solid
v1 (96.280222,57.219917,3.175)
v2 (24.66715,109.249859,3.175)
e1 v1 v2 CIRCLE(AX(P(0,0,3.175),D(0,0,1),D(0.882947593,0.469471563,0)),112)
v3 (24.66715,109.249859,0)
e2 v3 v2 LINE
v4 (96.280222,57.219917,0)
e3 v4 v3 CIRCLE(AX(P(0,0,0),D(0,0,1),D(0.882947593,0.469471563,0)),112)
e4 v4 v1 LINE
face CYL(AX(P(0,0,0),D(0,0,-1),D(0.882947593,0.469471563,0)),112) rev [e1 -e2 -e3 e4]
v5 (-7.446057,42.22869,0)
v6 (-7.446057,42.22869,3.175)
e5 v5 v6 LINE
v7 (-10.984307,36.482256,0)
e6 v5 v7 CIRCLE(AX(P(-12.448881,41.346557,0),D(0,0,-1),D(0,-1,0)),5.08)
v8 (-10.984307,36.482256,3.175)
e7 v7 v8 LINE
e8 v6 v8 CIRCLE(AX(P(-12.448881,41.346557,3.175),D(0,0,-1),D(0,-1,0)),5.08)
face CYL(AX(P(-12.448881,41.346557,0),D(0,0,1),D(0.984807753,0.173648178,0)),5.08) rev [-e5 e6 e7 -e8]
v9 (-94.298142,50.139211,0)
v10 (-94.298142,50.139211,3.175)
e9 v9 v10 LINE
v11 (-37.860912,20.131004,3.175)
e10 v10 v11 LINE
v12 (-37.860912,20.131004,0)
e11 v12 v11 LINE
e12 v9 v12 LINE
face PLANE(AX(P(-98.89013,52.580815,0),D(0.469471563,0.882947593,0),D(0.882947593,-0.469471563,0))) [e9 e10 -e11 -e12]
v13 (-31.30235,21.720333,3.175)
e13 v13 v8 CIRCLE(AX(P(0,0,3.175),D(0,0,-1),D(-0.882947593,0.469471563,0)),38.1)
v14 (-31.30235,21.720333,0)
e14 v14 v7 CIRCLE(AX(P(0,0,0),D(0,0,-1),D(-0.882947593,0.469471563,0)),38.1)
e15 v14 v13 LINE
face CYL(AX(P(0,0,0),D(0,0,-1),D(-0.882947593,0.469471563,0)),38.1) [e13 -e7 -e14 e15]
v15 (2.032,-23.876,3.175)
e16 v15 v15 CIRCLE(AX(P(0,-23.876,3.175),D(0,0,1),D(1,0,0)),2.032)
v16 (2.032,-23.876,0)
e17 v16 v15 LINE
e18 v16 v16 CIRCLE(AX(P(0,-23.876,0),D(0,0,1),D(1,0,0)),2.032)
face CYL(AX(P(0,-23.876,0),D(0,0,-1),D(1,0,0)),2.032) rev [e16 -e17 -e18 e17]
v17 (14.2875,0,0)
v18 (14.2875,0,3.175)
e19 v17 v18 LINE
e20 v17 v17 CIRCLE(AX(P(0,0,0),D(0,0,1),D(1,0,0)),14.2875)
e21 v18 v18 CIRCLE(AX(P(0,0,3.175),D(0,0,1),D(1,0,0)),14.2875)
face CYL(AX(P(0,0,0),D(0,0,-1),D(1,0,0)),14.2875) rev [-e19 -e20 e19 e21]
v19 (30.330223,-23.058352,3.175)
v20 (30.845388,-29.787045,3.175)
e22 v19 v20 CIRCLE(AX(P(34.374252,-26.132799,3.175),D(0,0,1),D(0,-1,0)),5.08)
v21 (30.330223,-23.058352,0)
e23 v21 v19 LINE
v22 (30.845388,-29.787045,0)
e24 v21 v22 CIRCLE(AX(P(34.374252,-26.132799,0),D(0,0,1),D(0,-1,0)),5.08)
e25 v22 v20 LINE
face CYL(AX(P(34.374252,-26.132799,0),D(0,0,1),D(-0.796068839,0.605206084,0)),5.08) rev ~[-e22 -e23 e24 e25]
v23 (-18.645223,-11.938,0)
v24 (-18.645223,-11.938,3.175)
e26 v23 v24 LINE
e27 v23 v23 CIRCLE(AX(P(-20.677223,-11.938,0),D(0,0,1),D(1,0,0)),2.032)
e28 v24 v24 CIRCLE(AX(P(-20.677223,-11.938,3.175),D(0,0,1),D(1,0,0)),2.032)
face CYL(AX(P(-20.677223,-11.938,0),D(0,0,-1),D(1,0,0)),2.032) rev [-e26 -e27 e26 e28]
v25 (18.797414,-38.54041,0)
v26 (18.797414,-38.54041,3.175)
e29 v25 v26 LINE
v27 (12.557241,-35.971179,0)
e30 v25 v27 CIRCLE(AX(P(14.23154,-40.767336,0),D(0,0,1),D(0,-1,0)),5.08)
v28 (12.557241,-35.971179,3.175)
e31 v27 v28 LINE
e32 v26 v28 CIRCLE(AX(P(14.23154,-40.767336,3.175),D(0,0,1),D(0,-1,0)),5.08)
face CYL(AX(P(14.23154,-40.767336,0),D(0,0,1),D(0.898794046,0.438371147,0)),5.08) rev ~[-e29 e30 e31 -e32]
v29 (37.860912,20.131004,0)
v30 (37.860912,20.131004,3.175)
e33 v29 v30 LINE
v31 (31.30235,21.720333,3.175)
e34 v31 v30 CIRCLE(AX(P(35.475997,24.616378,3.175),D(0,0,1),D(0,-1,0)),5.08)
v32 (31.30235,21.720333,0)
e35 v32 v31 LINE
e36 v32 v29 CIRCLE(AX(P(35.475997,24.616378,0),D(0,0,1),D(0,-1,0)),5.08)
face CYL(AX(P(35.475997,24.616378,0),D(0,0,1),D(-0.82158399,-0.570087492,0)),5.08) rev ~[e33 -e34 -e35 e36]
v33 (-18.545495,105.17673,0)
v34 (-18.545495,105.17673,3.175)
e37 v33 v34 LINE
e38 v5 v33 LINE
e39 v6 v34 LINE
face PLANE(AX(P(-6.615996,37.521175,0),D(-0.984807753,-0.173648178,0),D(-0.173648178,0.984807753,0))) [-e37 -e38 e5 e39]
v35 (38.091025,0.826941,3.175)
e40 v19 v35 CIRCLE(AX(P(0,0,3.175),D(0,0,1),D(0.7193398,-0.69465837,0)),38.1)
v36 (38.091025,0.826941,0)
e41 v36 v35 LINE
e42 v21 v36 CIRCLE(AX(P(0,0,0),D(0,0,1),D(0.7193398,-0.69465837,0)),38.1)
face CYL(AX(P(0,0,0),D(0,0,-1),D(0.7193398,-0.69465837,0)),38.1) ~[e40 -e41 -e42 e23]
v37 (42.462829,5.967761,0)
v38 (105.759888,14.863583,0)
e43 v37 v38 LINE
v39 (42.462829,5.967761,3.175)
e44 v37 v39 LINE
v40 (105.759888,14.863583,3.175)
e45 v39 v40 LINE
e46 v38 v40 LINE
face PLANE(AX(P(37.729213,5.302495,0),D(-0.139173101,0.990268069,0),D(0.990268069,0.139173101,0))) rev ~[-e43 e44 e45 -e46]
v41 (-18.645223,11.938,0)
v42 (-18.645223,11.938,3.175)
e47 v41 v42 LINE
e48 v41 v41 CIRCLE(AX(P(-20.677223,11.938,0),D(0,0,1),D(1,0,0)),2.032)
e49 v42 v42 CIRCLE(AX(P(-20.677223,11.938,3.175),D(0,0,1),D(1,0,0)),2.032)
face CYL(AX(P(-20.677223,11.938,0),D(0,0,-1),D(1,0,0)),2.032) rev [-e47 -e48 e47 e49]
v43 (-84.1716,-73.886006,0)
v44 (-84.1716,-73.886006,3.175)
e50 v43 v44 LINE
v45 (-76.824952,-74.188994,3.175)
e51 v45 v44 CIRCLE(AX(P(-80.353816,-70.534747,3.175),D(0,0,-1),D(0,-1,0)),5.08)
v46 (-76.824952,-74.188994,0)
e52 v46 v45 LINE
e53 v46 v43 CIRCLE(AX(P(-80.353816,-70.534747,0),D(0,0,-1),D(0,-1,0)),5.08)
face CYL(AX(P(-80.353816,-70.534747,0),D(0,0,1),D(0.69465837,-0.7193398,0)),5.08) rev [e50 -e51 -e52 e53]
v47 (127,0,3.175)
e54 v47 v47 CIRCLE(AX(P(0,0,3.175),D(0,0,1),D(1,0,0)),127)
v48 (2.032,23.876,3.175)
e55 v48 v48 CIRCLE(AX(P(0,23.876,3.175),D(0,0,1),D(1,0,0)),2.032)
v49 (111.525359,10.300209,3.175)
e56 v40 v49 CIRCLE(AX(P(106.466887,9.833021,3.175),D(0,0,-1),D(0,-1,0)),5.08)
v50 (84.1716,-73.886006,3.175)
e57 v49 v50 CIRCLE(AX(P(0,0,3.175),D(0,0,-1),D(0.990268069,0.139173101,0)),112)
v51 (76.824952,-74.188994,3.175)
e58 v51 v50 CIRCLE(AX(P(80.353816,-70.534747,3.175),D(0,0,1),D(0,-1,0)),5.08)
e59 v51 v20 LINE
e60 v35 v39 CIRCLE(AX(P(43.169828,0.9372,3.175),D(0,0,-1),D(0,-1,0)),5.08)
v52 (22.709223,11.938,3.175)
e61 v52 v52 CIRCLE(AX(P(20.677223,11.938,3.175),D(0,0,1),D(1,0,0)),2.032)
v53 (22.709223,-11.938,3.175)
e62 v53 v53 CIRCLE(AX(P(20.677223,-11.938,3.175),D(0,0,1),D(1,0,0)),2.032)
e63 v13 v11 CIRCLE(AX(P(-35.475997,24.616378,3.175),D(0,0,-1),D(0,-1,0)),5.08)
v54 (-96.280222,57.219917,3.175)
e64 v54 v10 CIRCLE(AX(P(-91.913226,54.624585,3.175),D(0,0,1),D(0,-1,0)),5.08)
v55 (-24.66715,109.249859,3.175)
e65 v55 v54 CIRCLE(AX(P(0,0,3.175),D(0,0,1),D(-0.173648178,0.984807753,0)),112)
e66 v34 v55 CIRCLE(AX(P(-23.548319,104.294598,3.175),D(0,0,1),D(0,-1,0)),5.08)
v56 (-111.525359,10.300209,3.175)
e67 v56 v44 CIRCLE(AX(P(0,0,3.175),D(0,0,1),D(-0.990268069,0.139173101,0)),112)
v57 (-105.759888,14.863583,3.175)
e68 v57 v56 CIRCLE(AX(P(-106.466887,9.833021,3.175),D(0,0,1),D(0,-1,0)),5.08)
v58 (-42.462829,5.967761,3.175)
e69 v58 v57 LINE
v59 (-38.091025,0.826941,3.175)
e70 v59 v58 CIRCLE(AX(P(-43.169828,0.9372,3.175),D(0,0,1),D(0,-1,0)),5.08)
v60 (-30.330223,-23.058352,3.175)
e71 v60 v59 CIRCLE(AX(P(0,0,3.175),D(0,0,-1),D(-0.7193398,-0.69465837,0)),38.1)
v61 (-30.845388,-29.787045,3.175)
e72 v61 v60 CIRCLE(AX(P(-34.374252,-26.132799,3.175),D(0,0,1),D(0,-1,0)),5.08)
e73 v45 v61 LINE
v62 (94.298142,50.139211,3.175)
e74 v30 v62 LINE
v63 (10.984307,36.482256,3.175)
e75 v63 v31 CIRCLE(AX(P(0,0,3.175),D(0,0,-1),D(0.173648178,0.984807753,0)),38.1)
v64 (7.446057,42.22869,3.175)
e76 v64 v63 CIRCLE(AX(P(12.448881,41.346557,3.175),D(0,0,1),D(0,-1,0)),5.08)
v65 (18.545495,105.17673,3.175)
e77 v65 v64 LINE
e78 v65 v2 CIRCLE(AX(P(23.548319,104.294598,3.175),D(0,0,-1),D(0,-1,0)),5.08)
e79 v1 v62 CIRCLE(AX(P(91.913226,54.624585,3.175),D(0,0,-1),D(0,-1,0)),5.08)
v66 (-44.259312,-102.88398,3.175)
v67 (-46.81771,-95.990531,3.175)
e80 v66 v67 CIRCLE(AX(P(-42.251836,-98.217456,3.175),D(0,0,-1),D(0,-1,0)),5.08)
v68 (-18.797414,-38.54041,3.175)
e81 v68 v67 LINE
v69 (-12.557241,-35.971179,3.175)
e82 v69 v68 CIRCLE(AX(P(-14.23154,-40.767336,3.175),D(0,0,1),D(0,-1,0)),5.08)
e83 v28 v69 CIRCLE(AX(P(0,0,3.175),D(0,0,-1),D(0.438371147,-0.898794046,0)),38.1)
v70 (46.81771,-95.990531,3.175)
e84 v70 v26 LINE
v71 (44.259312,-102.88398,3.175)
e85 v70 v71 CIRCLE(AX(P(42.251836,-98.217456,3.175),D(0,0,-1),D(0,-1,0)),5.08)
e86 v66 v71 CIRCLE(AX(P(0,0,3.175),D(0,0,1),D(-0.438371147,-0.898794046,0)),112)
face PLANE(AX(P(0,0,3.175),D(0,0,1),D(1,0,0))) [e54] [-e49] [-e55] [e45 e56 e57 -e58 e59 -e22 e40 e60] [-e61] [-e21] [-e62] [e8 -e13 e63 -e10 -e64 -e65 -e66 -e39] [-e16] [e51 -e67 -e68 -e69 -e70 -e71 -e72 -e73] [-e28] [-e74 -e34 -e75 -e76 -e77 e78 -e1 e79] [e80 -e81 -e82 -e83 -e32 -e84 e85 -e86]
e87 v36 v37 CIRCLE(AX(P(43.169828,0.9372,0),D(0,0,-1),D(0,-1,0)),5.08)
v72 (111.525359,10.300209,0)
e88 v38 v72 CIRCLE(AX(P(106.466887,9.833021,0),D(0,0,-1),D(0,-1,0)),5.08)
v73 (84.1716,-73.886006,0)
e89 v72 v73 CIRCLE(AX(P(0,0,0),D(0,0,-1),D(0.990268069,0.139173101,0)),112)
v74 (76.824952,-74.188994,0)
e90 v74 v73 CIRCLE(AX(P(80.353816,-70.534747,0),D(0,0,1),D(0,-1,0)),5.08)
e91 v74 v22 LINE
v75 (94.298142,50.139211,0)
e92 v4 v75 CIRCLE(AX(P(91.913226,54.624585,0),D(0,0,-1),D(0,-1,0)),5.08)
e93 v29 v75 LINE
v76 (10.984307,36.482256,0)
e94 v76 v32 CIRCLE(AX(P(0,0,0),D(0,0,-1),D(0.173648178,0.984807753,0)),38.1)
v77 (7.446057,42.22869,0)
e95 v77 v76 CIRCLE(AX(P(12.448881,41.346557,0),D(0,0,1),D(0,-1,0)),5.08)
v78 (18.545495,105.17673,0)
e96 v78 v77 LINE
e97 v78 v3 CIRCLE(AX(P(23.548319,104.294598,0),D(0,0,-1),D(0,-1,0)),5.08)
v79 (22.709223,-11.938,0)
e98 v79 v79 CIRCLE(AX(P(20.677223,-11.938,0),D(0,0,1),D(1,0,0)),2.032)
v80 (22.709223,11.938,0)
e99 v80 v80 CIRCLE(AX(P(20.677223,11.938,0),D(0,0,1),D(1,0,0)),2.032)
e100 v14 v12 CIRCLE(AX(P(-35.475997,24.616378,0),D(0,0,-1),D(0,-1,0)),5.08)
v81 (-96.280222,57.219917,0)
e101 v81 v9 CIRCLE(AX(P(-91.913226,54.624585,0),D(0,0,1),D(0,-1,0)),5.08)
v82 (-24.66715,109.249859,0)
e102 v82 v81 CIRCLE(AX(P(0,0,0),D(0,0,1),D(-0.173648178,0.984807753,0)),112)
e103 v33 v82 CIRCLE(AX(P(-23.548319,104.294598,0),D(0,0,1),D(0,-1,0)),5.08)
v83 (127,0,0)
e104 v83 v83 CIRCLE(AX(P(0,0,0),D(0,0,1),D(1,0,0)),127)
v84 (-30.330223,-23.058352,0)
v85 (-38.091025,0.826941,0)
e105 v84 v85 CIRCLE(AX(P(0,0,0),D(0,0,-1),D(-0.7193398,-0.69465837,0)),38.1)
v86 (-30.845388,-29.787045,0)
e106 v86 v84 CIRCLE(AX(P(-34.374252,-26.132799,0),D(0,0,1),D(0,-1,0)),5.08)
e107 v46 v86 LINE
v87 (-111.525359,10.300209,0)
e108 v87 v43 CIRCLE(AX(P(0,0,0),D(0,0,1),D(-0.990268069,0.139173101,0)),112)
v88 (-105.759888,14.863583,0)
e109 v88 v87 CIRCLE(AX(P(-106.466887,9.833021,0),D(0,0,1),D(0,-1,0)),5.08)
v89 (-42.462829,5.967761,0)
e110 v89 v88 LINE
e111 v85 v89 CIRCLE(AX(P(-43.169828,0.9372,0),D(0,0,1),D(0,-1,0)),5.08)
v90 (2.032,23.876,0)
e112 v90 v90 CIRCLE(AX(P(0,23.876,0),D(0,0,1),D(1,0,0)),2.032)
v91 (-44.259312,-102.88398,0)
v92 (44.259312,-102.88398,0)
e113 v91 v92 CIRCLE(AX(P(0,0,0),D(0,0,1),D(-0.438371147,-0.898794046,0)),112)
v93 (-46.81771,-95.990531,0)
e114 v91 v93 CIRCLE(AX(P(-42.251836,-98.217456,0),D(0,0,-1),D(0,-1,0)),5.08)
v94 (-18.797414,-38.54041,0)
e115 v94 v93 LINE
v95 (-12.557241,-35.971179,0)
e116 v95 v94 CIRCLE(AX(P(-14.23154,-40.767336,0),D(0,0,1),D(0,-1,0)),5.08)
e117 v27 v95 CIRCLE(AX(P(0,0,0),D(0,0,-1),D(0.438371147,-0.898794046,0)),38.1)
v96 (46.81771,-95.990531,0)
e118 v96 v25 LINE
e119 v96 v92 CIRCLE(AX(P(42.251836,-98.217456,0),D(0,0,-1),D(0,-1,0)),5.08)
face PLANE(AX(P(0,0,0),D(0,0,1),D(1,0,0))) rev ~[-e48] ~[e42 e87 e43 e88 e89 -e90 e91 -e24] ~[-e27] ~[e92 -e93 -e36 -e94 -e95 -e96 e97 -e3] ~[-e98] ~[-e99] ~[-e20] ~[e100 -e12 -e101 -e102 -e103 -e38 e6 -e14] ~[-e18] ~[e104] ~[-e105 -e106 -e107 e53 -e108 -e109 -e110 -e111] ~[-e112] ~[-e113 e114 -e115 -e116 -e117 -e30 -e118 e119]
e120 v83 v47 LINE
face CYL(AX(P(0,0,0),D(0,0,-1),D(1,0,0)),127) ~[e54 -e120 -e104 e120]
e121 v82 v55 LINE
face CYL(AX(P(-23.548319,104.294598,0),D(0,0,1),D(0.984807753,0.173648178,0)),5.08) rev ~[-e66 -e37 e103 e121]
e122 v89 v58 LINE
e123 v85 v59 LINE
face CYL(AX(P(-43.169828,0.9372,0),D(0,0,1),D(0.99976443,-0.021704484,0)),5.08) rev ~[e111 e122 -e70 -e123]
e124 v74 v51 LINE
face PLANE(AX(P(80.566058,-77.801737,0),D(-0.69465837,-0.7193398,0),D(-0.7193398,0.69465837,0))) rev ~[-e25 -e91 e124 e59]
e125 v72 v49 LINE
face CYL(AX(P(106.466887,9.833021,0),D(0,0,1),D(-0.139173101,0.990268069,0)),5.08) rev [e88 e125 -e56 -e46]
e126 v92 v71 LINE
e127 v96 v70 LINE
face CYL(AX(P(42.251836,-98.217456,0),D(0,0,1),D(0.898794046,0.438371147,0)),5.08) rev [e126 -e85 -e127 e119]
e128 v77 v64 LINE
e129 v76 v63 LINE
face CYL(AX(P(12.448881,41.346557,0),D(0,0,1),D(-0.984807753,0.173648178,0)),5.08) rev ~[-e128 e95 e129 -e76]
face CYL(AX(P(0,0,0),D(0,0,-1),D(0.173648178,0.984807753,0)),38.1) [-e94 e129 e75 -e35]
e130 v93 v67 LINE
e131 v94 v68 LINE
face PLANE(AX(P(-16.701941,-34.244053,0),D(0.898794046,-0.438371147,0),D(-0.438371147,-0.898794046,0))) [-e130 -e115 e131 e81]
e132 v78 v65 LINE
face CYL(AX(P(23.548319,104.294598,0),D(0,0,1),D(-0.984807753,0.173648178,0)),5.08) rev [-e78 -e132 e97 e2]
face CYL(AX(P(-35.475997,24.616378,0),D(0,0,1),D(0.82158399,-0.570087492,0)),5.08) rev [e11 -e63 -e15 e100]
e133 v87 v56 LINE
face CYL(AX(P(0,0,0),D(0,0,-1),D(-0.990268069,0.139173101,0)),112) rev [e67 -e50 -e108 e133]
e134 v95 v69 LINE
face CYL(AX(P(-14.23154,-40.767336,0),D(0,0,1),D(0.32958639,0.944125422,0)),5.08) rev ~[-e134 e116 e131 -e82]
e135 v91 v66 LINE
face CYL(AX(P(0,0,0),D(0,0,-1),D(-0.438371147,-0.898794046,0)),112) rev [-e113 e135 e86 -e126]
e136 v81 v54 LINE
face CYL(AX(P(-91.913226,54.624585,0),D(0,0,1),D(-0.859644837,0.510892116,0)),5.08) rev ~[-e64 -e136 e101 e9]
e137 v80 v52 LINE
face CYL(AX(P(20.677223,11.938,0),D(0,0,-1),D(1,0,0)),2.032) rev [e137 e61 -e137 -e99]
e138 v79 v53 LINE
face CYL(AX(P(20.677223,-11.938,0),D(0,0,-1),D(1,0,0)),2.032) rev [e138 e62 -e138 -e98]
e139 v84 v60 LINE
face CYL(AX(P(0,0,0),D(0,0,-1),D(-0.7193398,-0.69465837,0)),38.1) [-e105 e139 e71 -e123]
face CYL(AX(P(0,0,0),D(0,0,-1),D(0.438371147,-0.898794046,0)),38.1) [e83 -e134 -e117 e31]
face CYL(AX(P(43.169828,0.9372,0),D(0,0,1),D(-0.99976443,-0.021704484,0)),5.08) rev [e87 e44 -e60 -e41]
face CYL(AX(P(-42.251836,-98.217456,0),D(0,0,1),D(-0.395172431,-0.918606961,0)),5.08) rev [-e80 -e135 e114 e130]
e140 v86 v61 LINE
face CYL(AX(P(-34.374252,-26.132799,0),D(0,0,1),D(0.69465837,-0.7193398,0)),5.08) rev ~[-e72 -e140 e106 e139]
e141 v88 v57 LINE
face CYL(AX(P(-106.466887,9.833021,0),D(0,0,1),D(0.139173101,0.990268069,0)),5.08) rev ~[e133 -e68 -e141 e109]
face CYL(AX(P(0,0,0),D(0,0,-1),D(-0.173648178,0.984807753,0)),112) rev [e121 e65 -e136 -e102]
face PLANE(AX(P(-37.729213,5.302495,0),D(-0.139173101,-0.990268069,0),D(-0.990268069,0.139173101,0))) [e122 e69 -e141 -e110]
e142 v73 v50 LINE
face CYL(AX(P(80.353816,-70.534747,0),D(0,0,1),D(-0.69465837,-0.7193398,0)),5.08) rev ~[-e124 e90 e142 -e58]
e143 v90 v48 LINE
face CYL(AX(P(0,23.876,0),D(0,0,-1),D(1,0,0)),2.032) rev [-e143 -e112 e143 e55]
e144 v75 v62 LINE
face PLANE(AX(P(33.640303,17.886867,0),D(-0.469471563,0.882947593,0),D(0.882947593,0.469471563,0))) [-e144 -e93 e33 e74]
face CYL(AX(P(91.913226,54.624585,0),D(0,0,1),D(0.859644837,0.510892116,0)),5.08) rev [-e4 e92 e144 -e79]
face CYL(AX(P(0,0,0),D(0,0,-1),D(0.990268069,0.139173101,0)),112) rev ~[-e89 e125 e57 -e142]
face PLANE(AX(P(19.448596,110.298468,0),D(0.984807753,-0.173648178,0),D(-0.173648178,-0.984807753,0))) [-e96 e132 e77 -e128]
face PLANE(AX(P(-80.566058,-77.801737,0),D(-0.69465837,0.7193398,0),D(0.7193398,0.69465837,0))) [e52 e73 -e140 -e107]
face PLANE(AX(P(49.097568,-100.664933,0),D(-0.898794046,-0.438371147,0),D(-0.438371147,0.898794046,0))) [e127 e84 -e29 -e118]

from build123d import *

# Parameters (mm, degrees)
SKETCH1_R           = 127
SKETCH1_R_2         = 14.2875
SKETCH1_R_3         = 2.032
BOSS_EXTRUDE2_DEPTH = 3.175
FILLET1_R           = 5.08
FILLET3_R           = 5.08


with BuildPart() as part:
    # Sketch1 → Boss-Extrude2 (new body)
    with BuildSketch(Plane.XY):
        Circle(SKETCH1_R)
        Circle(SKETCH1_R_2, mode=Mode.SUBTRACT)
        with Locations((0, 23.876)):
            Circle(SKETCH1_R_3, mode=Mode.SUBTRACT)
        with Locations((20.677222541, 11.938)):
            Circle(SKETCH1_R_3, mode=Mode.SUBTRACT)
        with Locations((20.677222541, -11.938)):
            Circle(SKETCH1_R_3, mode=Mode.SUBTRACT)
        with Locations((0, -23.876)):
            Circle(SKETCH1_R_3, mode=Mode.SUBTRACT)
        with Locations((-20.677222541, -11.938)):
            Circle(SKETCH1_R_3, mode=Mode.SUBTRACT)
        with Locations((-20.677222541, 11.938)):
            Circle(SKETCH1_R_3, mode=Mode.SUBTRACT)
        with BuildLine():
            Line((19.448595899, 110.298468337), (6.615995569, 37.52117539))
            ThreePointArc((6.615995569, 37.52117539), (22.394618112, 30.823547486), (33.640303288, 17.886866542))
            Line((33.640303288, 17.886866542), (98.8901304, 52.580815032))
            ThreePointArc((98.8901304, 52.580815032), (65.831948257, 90.60990337), (19.448595899, 110.298468337))
        make_face(mode=Mode.SUBTRACT)
        with BuildLine():
            Line((-6.615995569, 37.52117539), (-19.448595899, 110.298468337))
            ThreePointArc((-19.448595899, 110.298468337), (-65.831948257, 90.60990337), (-98.8901304, 52.580815032))
            Line((-98.8901304, 52.580815032), (-33.640303288, 17.886866542))
            ThreePointArc((-33.640303288, 17.886866542), (-22.394618112, 30.823547486), (-6.615995569, 37.52117539))
        make_face(mode=Mode.SUBTRACT)
        with BuildLine():
            Line((37.729213419, 5.302495147), (110.910023699, 15.587387308))
            ThreePointArc((110.910023699, 15.587387308), (106.518329825, -34.60990337), (80.566057638, -77.801737491))
            Line((80.566057638, -77.801737491), (27.406846393, -26.466483914))
            ThreePointArc((27.406846393, -26.466483914), (36.235253271, -11.773547486), (37.729213419, 5.302495147))
        make_face(mode=Mode.SUBTRACT)
        with BuildLine():
            Line((49.09756844, -100.664933186), (16.701940693, -34.244053164))
            ThreePointArc((16.701940693, -34.244053164), (0, -38.1), (-16.701940693, -34.244053164))
            Line((-16.701940693, -34.244053164), (-49.09756844, -100.664933186))
            ThreePointArc((-49.09756844, -100.664933186), (0, -112), (49.09756844, -100.664933186))
        make_face(mode=Mode.SUBTRACT)
        with BuildLine():
            Line((-80.566057638, -77.801737491), (-27.406846393, -26.466483914))
            ThreePointArc((-27.406846393, -26.466483914), (-36.235253271, -11.773547486), (-37.729213419, 5.302495147))
            Line((-37.729213419, 5.302495147), (-110.910023699, 15.587387308))
            ThreePointArc((-110.910023699, 15.587387308), (-106.518329825, -34.60990337), (-80.566057638, -77.801737491))
        make_face(mode=Mode.SUBTRACT)
    extrude(amount=BOSS_EXTRUDE2_DEPTH)

    # Fillet1
    fillet1_edges = [part.edges().sort_by_distance(p)[0] for p in [
        (98.8901304, 52.580815032, 1.5875),
        (19.448595899, 110.298468337, 1.5875),
        (6.615995569, 37.52117539, 1.5875),
        (33.640303288, 17.886866542, 1.5875),
    ]]
    fillet(fillet1_edges, radius=FILLET1_R)

    # Fillet3
    fillet3_edges = [part.edges().sort_by_distance(p)[0] for p in [
        (-33.640303288, 17.886866542, 1.5875),
        (-6.615995569, 37.52117539, 1.5875),
        (-19.448595899, 110.298468337, 1.5875),
        (-98.8901304, 52.580815032, 1.5875),
        (37.729213419, 5.302495147, 1.5875),
        (27.406846393, -26.466483914, 1.5875),
        (80.566057638, -77.801737491, 1.5875),
        (110.910023699, 15.587387308, 1.5875),
        (-49.09756844, -100.664933186, 1.5875),
        (49.09756844, -100.664933186, 1.5875),
        (16.701940693, -34.244053164, 1.5875),
        (-16.701940693, -34.244053164, 1.5875),
        (-110.910023699, 15.587387308, 1.5875),
        (-80.566057638, -77.801737491, 1.5875),
        (-27.406846393, -26.466483914, 1.5875),
        (-37.729213419, 5.302495147, 1.5875),
    ]]
    fillet(fillet3_edges, radius=FILLET3_R)


solid = part.part
